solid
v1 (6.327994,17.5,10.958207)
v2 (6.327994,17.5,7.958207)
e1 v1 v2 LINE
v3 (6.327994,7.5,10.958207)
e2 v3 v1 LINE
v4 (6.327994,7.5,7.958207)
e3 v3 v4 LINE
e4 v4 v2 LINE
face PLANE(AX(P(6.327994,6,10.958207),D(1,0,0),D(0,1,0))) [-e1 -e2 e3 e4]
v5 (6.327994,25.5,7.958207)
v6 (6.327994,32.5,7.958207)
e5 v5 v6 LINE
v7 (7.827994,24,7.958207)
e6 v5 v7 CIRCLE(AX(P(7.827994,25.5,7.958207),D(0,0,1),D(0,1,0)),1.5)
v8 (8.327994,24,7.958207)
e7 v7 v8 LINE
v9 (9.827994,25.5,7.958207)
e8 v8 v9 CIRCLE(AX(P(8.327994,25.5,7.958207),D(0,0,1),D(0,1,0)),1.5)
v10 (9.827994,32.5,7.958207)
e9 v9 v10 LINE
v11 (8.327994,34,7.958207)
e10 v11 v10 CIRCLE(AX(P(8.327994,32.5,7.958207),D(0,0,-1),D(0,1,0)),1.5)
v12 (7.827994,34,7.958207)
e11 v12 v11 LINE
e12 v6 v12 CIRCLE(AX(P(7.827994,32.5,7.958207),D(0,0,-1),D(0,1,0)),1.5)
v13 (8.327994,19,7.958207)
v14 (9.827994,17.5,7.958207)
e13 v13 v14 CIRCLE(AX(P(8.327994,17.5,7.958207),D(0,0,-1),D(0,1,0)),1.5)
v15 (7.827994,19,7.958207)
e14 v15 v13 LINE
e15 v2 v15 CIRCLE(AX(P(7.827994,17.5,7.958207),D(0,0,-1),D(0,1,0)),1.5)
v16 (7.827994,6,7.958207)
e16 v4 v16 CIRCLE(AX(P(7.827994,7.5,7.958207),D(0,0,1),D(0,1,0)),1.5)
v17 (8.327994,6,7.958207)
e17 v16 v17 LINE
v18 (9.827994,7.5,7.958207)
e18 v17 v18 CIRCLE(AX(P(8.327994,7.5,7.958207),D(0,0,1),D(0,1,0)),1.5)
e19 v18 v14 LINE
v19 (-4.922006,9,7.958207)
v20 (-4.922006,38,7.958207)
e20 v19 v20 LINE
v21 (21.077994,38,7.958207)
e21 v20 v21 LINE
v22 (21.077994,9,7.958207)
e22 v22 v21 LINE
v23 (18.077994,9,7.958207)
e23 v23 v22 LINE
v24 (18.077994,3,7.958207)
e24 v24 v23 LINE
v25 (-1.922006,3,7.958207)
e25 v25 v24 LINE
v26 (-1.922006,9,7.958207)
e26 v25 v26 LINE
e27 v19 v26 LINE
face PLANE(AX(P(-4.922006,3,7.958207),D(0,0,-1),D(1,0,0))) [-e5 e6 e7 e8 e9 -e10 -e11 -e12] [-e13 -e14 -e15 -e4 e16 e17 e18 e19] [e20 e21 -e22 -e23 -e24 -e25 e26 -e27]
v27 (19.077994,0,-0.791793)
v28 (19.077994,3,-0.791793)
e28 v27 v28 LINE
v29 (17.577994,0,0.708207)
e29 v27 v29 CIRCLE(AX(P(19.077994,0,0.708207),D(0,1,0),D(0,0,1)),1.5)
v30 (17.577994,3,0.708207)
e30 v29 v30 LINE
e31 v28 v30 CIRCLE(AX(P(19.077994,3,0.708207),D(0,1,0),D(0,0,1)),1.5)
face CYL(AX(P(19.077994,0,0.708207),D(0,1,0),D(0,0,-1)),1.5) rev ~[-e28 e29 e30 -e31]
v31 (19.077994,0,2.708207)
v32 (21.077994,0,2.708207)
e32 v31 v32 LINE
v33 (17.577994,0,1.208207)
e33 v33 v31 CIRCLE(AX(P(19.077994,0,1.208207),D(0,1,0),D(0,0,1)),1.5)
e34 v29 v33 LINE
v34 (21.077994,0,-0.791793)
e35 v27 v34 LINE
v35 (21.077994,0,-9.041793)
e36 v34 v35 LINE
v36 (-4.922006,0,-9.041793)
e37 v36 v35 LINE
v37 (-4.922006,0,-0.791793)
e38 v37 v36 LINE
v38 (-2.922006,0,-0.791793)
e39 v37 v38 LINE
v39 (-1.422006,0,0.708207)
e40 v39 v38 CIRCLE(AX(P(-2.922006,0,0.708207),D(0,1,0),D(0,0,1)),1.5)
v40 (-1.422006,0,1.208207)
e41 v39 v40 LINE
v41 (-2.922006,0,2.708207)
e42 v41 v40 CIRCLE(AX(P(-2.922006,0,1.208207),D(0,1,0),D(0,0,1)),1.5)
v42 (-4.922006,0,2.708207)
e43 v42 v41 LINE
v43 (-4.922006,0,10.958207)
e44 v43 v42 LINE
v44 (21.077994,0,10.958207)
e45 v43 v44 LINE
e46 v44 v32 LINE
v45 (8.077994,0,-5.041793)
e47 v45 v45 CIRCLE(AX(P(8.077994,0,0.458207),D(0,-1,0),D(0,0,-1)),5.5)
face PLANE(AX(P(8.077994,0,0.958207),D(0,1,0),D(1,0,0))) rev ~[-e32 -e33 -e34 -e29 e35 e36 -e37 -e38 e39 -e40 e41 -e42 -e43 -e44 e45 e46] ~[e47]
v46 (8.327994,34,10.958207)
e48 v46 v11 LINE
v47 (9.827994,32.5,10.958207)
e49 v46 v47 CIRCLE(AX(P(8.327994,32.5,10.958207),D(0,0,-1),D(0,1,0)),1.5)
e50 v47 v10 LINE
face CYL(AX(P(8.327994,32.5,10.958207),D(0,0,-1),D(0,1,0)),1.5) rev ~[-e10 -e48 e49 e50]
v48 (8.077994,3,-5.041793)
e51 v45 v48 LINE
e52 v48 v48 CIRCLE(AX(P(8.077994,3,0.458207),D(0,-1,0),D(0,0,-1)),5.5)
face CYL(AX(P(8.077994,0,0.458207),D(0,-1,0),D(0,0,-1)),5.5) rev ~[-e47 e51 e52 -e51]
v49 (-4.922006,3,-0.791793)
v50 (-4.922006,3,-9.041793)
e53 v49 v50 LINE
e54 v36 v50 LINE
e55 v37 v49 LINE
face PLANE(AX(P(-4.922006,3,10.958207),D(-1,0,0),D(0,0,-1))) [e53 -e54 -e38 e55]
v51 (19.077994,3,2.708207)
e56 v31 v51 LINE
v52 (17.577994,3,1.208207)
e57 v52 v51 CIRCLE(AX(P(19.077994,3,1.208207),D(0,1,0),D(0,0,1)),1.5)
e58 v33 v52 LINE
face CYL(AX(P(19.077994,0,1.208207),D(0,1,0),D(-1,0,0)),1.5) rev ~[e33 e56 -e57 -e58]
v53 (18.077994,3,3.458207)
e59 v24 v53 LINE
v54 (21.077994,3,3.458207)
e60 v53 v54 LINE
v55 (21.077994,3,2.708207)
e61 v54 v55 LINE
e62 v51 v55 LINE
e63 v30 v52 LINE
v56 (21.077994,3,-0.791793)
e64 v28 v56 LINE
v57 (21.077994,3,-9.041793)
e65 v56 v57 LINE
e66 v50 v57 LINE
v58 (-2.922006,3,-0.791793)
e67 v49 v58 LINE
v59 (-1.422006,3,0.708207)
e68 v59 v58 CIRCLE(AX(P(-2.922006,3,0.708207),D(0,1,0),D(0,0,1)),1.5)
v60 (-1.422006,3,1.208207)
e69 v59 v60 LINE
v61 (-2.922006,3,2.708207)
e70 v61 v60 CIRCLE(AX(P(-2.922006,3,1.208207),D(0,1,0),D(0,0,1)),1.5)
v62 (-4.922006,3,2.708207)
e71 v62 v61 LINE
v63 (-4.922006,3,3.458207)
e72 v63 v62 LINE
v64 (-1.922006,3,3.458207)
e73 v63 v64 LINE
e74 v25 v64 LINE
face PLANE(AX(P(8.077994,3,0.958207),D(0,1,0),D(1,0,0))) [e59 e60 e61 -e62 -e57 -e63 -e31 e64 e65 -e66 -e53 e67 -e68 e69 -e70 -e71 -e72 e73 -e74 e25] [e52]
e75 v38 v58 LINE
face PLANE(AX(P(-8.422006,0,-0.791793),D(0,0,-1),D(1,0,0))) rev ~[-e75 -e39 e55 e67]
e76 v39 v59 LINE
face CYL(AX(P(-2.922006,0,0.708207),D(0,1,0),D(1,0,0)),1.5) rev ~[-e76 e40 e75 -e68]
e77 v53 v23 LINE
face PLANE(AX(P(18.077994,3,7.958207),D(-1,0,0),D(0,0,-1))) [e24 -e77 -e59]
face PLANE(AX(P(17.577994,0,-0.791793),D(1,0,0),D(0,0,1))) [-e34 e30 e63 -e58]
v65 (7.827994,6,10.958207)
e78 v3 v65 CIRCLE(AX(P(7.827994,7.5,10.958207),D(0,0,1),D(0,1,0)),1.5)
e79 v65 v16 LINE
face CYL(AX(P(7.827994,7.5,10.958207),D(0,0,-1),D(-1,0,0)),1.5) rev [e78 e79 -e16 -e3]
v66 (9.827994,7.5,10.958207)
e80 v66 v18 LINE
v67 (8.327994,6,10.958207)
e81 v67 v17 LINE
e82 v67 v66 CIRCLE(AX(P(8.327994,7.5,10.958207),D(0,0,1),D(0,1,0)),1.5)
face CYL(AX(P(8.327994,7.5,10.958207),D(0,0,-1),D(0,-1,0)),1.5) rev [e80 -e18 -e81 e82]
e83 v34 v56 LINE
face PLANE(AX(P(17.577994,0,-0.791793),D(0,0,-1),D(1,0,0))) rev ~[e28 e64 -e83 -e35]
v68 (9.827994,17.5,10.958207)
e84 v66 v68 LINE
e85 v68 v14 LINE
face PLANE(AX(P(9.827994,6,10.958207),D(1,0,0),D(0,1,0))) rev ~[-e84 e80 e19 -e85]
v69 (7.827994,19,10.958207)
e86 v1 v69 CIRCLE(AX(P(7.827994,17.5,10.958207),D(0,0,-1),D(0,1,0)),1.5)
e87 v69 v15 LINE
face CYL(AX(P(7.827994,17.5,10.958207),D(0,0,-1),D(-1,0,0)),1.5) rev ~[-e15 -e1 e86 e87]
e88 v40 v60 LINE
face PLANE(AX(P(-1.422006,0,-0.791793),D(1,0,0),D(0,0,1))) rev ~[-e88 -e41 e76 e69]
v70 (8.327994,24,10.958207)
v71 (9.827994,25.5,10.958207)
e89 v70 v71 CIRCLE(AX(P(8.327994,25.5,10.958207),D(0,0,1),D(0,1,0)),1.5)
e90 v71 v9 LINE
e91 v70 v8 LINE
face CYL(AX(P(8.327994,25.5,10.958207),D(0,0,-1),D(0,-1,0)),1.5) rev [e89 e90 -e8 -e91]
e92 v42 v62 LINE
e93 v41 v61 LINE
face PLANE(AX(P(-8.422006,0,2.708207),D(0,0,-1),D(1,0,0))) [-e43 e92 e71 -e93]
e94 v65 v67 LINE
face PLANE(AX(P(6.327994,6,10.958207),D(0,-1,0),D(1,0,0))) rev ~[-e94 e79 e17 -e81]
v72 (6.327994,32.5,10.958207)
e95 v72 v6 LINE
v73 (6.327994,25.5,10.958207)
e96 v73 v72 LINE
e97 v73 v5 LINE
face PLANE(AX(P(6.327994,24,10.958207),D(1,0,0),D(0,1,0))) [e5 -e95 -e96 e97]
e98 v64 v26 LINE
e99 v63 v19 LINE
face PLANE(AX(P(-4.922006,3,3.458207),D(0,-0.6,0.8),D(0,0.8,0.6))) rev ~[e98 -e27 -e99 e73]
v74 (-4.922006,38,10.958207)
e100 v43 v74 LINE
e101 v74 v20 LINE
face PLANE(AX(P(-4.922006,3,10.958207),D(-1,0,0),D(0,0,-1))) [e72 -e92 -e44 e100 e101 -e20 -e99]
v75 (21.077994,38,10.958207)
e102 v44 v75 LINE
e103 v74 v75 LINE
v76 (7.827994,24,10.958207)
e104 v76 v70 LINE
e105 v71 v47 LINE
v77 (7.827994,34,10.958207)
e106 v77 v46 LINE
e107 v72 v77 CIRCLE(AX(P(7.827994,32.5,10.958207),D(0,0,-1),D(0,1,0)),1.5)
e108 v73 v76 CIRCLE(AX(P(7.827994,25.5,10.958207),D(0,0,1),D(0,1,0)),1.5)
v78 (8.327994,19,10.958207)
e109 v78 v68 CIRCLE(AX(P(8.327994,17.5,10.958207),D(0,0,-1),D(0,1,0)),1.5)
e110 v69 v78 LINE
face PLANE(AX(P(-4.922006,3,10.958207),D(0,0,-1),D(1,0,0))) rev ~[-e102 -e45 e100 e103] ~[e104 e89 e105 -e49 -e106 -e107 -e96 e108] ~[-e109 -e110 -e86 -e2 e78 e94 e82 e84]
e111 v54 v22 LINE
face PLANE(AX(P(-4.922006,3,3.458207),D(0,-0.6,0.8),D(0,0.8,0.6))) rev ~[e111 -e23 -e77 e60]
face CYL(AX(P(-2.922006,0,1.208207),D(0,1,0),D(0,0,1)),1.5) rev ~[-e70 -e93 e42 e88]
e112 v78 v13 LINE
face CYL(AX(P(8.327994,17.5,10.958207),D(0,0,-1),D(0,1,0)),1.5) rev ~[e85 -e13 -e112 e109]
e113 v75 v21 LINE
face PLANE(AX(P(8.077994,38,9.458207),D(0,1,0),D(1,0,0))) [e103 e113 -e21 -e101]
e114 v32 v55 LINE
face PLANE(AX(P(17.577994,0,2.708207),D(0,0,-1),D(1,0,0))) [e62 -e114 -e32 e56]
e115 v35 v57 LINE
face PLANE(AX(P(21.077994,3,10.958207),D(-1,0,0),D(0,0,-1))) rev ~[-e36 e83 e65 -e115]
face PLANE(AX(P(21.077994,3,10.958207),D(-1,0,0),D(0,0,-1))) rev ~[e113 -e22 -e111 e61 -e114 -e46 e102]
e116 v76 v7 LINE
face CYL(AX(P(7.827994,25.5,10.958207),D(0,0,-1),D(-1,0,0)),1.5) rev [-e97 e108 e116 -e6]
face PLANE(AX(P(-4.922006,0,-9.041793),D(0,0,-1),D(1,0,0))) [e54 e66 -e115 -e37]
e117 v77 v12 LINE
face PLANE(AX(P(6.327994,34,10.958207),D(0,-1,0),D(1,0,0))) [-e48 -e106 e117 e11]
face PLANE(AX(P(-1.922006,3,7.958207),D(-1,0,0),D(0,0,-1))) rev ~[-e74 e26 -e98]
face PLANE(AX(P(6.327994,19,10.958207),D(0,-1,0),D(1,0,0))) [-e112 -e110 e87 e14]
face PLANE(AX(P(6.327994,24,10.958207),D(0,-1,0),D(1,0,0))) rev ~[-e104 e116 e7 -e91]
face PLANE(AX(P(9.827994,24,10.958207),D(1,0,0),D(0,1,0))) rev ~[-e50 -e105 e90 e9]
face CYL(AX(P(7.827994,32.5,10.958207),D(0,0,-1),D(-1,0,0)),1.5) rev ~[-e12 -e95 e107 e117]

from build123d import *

# Parameters (mm, degrees)
ESBO_O1_W                = 26
ESBO_O1_H                = 20
RESSALTO_EXTRUS_O1_DEPTH = 3
ESBO_O2_W                = 26
ESBO_O2_H                = 3
RESSALTO_EXTRUS_O2_DEPTH = 35
ESBO_O3_W                = 3
ESBO_O3_H                = 4.5
RESSALTO_EXTRUS_O3_DEPTH = 6
CORTE_EXTRUS_O1_DEPTH    = 48.329507785
CORTE_EXTRUS_O2_REACH    = 49.836
ESBO_O5_W                = 3.5
ESBO_O5_H                = 10
ESBO_O5_H_2              = 13
FILETE2_R                = 1.5
FILETE3_R                = 1.5
FILETE4_R                = 1.5
CORTE_EXTRUS_O3_REACH    = 46.815
ESBO_O6_W                = 7
ESBO_O6_H                = 3.5
FILETE5_R                = 1.5
CORTE_EXTRUS_O4_REACH    = 46.815
ESBO_O7_R                = 5.5


with BuildPart() as part:
    # Esboço1 → Ressalto-extrusão1 (new body)
    with BuildSketch(Plane(origin=(0, 0, 0), x_dir=(1, 0, 0), z_dir=(0, 1, 0))):
        with Locations((8.077993659, -0.958207295)):
            Rectangle(ESBO_O1_W, ESBO_O1_H)
    extrude(amount=RESSALTO_EXTRUS_O1_DEPTH)

    # Esboço2 → Ressalto-extrusão2 (add)
    with BuildSketch(Plane(origin=(0, 3, 0), x_dir=(1, 0, 0), z_dir=(0, 1, 0))):
        with Locations((8.077993659, -9.458207295)):
            Rectangle(ESBO_O2_W, ESBO_O2_H)
    extrude(amount=RESSALTO_EXTRUS_O2_DEPTH)

    # Esboço3 → Ressalto-extrusão3 (add)
    with BuildSketch(Plane(origin=(0, 3, 0), x_dir=(1, 0, 0), z_dir=(0, 1, 0))):
        with Locations((19.577993659, -5.708207295)):
            Rectangle(ESBO_O3_W, ESBO_O3_H)
        with Locations((-3.422006341, -5.708207295)):
            Rectangle(ESBO_O3_W, ESBO_O3_H)
    extrude(amount=RESSALTO_EXTRUS_O3_DEPTH)

    # Esboço4 → Corte-extrusão1 (cut, through all)
    with BuildSketch(Plane.ZY.offset(4.922006341)):
        Polygon((3.458207295, 3), (7.958207295, 9), (3.458207295, 9), align=None)
    extrude(amount=-CORTE_EXTRUS_O1_DEPTH, mode=Mode.SUBTRACT)

    # Esboço5 → Corte-extrusão2 (cut, up to next)
    with BuildSketch(Plane.XY.offset(10.958207295), mode=Mode.PRIVATE) as corte_extrus_o2_sk1:
        with Locations((8.077993659, 29)):
            Rectangle(ESBO_O5_W, ESBO_O5_H)
    corte_extrus_o2_tool1 = extrude(corte_extrus_o2_sk1.sketch, amount=-CORTE_EXTRUS_O2_REACH, mode=Mode.PRIVATE) & part.part
    # Esboço5 → Corte-extrusão2 (cut, up to next)
    with BuildSketch(Plane.XY.offset(10.958207295), mode=Mode.PRIVATE) as corte_extrus_o2_sk2:
        with Locations((8.077993659, 12.5)):
            Rectangle(ESBO_O5_W, ESBO_O5_H_2)
    corte_extrus_o2_tool2 = extrude(corte_extrus_o2_sk2.sketch, amount=-CORTE_EXTRUS_O2_REACH, mode=Mode.PRIVATE) & part.part
    add(corte_extrus_o2_tool1.solids().sort_by_distance((8.077994, 29, 10.958207))[0], mode=Mode.SUBTRACT)
    add(corte_extrus_o2_tool2.solids().sort_by_distance((8.077994, 12.5, 10.958207))[0], mode=Mode.SUBTRACT)

    # Filete2
    filete2_edges = [part.edges().sort_by_distance(p)[0] for p in [
        (9.827993659, 34, 9.458207295),
        (6.327993659, 34, 9.458207295),
        (9.827993659, 24, 9.458207295),
        (6.327993659, 24, 9.458207295),
        (9.827993659, 19, 9.458207295),
        (6.327993659, 19, 9.458207295),
    ]]
    fillet(filete2_edges, radius=FILETE2_R)

    # Filete3
    filete3_edges = [part.edges().sort_by_distance(p)[0] for p in [
        (6.327993659, 6, 9.458207295),
    ]]
    fillet(filete3_edges, radius=FILETE3_R)

    # Filete4
    filete4_edges = [part.edges().sort_by_distance(p)[0] for p in [
        (9.827993659, 6, 9.458207295),
    ]]
    fillet(filete4_edges, radius=FILETE4_R)

    # Esboço6 → Corte-extrusão3 (cut, up to next)
    with BuildSketch(Plane.XZ, mode=Mode.PRIVATE) as corte_extrus_o3_sk1:
        with Locations((-4.922006341, 0.958207295)):
            Rectangle(ESBO_O6_W, ESBO_O6_H)
    corte_extrus_o3_tool1 = extrude(corte_extrus_o3_sk1.sketch, amount=-CORTE_EXTRUS_O3_REACH, mode=Mode.PRIVATE) & part.part
    # Esboço6 → Corte-extrusão3 (cut, up to next)
    with BuildSketch(Plane.XZ, mode=Mode.PRIVATE) as corte_extrus_o3_sk2:
        with Locations((21.077993659, 0.958207295)):
            Rectangle(ESBO_O6_W, ESBO_O6_H)
    corte_extrus_o3_tool2 = extrude(corte_extrus_o3_sk2.sketch, amount=-CORTE_EXTRUS_O3_REACH, mode=Mode.PRIVATE) & part.part
    add(corte_extrus_o3_tool1.solids().sort_by_distance((-4.922006, 0, 0.958207))[0], mode=Mode.SUBTRACT)
    add(corte_extrus_o3_tool2.solids().sort_by_distance((21.077994, 0, 0.958207))[0], mode=Mode.SUBTRACT)

    # Filete5
    filete5_edges = [part.edges().sort_by_distance(p)[0] for p in [
        (17.577993659, 1.5, -0.791792705),
        (17.577993659, 1.5, 2.708207295),
        (-1.422006341, 1.5, -0.791792705),
        (-1.422006341, 1.5, 2.708207295),
    ]]
    fillet(filete5_edges, radius=FILETE5_R)

    # Esboço7 → Corte-extrusão4 (cut, up to next)
    with BuildSketch(Plane.XZ, mode=Mode.PRIVATE) as corte_extrus_o4_sk1:
        with Locations((8.077993659, 0.458207295)):
            Circle(ESBO_O7_R)
    corte_extrus_o4_tool1 = extrude(corte_extrus_o4_sk1.sketch, amount=-CORTE_EXTRUS_O4_REACH, mode=Mode.PRIVATE) & part.part
    add(corte_extrus_o4_tool1.solids().sort_by_distance((8.077994, 0, 0.458207))[0], mode=Mode.SUBTRACT)


solid = part.part
